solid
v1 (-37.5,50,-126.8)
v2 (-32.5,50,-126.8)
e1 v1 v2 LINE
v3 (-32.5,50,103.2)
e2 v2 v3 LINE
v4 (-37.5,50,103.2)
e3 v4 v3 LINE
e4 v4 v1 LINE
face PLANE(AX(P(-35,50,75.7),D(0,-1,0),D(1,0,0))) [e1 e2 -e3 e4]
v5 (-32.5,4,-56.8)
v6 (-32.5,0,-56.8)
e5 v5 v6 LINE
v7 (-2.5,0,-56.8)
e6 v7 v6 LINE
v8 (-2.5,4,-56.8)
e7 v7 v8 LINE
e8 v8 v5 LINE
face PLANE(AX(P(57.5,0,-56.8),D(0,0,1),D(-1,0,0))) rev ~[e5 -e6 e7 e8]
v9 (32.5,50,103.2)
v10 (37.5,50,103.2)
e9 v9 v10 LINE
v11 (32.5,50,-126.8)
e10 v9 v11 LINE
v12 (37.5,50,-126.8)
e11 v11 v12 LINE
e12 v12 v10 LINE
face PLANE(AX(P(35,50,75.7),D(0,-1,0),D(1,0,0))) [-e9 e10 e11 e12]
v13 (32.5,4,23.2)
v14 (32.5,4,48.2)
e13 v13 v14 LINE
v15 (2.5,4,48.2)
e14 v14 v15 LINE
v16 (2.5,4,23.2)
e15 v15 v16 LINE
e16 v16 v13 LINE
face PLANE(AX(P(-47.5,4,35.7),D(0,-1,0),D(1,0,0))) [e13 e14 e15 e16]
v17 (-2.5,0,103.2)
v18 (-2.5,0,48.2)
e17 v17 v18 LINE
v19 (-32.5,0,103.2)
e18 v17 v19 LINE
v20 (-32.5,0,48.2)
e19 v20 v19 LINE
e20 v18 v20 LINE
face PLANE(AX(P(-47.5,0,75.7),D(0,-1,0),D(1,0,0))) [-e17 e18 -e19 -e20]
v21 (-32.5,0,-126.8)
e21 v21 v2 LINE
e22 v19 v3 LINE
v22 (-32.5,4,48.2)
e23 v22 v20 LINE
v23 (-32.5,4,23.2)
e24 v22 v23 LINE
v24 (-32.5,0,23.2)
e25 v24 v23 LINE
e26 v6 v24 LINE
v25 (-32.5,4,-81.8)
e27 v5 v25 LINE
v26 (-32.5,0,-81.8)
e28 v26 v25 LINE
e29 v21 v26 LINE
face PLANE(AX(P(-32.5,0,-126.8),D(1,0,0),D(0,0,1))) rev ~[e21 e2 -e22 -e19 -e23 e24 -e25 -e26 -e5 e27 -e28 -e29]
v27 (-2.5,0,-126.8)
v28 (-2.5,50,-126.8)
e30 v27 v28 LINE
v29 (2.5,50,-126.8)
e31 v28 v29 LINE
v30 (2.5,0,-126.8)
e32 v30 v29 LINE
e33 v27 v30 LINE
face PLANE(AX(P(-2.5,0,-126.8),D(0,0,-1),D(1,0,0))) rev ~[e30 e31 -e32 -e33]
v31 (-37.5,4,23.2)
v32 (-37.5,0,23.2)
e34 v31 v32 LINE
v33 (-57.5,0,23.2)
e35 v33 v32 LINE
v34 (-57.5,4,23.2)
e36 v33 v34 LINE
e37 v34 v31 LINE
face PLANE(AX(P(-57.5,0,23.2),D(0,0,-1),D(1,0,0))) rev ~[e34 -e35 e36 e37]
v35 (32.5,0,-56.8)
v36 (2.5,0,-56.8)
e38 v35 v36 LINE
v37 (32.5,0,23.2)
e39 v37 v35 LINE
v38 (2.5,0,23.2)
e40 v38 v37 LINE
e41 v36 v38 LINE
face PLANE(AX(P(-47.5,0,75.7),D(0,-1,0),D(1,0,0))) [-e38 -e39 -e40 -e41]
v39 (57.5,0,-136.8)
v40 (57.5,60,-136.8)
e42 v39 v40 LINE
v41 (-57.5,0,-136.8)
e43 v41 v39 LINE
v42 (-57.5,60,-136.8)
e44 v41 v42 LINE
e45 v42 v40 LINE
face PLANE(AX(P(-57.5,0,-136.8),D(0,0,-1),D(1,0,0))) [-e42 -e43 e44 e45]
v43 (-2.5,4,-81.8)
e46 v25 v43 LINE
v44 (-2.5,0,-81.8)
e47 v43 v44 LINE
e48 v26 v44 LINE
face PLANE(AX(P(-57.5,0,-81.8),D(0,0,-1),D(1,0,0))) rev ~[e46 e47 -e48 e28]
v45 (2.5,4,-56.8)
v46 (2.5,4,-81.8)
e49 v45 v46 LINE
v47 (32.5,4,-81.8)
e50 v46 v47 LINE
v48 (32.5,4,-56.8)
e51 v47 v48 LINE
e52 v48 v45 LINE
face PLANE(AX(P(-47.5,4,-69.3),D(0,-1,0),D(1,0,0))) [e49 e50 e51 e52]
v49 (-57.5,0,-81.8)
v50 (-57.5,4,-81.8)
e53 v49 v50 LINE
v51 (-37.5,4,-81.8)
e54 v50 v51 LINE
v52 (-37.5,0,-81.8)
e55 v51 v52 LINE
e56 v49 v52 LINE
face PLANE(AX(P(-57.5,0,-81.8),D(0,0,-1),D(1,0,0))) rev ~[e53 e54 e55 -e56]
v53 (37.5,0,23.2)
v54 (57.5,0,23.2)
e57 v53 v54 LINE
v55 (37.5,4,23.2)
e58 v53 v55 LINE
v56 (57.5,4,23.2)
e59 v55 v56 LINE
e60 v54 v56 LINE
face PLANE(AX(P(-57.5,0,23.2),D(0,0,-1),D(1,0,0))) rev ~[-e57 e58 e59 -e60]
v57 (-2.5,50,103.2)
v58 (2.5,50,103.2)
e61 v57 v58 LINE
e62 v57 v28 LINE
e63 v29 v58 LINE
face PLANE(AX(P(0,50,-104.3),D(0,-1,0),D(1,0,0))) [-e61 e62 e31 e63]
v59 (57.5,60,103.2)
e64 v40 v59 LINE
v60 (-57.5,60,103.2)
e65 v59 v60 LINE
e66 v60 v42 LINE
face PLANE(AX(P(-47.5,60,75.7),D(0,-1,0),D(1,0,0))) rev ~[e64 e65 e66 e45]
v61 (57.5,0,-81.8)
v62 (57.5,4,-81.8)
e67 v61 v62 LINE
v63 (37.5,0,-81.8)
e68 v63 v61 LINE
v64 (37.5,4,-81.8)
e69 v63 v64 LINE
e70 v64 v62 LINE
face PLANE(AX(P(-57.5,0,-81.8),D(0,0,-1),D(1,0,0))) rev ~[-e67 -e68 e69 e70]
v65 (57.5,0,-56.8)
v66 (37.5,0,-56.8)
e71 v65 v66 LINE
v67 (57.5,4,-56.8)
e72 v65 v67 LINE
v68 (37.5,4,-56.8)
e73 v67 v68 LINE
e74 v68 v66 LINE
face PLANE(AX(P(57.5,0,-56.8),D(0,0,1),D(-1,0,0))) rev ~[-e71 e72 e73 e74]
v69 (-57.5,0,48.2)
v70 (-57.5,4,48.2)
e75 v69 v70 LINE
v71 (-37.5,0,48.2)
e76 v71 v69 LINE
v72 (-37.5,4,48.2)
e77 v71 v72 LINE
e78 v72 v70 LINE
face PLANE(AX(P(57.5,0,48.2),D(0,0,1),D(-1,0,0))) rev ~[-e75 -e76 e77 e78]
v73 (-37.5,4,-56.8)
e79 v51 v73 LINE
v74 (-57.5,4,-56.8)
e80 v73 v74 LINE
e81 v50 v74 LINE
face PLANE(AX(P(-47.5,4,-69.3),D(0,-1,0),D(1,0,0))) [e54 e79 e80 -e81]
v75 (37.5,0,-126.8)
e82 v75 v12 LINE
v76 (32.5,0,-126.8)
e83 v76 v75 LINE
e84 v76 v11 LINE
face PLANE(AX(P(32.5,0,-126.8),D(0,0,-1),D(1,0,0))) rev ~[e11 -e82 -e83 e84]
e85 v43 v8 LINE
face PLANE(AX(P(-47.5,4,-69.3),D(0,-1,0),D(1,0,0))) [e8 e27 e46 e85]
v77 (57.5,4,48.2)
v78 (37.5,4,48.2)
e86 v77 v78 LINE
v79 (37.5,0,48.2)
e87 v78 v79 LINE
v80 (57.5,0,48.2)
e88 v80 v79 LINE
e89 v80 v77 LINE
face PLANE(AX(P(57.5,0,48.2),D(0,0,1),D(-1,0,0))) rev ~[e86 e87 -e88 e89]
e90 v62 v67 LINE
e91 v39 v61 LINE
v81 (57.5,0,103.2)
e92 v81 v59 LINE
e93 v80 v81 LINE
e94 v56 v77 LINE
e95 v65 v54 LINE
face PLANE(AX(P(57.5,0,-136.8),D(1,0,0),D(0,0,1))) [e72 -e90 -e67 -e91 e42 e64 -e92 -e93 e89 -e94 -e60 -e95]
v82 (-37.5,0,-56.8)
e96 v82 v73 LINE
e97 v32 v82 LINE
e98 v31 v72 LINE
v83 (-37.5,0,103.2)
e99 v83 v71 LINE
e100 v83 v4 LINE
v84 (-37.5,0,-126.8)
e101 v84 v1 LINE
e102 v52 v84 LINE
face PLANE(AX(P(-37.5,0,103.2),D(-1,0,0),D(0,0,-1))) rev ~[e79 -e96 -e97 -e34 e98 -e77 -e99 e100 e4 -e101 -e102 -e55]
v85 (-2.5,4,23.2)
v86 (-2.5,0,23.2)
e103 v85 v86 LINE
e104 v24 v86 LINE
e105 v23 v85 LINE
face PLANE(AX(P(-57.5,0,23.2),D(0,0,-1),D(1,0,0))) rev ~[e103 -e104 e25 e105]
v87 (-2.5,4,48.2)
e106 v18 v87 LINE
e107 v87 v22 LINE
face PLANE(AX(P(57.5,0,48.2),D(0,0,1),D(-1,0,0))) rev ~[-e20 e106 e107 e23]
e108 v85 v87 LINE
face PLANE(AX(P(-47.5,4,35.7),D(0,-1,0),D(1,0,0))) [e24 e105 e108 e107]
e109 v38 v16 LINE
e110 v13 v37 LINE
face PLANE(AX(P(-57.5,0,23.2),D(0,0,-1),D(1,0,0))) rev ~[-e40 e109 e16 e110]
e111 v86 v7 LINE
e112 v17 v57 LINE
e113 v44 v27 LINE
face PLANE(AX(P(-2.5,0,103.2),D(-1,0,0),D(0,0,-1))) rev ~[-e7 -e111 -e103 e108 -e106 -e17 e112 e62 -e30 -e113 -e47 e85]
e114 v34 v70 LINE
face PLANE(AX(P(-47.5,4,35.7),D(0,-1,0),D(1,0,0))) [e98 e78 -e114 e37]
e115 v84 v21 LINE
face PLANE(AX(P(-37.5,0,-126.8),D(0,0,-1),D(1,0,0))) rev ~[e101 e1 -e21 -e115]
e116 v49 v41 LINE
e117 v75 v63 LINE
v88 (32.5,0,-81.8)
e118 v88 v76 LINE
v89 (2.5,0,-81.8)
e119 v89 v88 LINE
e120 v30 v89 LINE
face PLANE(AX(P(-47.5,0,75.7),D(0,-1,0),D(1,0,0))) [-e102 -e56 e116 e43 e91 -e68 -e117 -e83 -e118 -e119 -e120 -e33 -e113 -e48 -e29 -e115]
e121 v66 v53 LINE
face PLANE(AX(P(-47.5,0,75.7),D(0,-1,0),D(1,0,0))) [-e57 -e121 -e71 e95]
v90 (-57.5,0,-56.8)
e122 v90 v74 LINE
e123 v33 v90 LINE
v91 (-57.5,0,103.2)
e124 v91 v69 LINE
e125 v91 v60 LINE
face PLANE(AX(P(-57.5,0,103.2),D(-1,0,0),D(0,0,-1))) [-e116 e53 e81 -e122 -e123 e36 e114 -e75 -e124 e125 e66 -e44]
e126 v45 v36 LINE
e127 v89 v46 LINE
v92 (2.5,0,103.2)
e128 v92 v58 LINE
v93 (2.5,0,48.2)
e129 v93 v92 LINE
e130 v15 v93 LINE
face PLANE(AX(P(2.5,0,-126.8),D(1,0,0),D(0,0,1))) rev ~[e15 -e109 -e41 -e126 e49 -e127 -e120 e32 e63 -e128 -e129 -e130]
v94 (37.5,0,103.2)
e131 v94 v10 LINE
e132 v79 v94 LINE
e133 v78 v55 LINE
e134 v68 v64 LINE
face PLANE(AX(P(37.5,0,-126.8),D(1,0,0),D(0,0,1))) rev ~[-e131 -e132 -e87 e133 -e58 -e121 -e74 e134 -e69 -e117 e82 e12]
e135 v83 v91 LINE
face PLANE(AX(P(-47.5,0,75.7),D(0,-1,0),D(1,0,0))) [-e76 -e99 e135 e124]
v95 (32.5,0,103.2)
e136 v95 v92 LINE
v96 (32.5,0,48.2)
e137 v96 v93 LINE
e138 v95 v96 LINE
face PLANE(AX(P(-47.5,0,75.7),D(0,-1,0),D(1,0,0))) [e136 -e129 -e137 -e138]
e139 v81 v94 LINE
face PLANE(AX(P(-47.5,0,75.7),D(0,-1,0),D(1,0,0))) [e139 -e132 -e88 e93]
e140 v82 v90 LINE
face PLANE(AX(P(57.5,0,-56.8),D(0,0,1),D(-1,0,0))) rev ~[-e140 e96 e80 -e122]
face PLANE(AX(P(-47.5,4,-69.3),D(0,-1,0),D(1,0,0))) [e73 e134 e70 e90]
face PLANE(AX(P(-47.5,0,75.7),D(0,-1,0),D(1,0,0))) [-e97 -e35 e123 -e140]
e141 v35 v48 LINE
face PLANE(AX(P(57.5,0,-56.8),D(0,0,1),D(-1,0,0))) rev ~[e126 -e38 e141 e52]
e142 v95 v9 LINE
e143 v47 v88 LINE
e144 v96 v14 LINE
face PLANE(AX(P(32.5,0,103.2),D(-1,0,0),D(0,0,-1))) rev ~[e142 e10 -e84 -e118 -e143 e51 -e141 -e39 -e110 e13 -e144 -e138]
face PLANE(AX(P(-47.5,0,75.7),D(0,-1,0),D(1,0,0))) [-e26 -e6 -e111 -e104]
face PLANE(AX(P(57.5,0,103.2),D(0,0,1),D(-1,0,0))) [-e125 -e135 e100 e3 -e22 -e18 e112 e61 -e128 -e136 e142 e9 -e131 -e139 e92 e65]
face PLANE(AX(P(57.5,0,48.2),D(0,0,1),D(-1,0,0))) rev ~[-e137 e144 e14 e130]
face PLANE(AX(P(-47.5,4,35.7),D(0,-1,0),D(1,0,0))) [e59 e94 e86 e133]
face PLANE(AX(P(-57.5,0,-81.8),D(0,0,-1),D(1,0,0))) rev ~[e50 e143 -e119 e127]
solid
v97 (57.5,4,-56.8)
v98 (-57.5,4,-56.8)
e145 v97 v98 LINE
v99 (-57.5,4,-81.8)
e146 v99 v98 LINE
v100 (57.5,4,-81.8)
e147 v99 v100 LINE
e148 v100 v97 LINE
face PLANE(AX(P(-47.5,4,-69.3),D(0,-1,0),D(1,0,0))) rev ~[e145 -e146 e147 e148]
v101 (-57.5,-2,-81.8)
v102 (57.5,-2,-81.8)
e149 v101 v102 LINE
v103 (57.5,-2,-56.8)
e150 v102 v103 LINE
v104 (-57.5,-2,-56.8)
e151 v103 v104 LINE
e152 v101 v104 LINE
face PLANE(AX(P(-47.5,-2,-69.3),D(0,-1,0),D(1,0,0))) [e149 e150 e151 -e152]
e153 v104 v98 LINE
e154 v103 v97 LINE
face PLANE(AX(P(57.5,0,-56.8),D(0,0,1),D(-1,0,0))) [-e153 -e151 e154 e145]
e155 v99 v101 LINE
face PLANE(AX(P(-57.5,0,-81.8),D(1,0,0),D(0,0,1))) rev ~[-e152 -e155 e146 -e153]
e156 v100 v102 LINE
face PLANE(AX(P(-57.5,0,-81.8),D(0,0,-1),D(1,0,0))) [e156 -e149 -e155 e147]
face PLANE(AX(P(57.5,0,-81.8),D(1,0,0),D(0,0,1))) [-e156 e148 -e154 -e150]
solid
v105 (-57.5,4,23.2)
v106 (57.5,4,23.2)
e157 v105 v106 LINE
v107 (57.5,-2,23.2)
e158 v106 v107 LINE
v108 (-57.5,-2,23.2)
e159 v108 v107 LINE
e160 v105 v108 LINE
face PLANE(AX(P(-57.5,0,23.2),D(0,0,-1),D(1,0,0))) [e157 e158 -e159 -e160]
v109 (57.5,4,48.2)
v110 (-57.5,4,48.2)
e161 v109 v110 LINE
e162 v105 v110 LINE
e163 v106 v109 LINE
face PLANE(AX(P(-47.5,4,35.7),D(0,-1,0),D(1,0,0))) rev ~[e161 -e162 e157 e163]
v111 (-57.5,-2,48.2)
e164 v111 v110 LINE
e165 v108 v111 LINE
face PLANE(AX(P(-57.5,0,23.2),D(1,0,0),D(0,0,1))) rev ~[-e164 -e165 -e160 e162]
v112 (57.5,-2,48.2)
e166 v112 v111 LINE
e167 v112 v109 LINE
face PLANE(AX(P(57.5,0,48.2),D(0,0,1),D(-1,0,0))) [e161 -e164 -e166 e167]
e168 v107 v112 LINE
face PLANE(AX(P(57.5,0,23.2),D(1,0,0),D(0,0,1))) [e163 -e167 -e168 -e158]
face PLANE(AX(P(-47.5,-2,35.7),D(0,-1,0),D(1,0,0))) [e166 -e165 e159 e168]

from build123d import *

# Parameters (mm, degrees)
F0_W          = 20
F0_H          = 55
F0_W_2        = 5
F0_H_2        = 25
F0_W_3        = 30
F0_H_3        = 80
F0_H_4        = 45
F0_H_5        = 10
F1_DEPTH      = 60
F2_DEPTH      = 50
F3_DEPTH      = 4
F4_DEPTH      = 2
F4_DEPTH_BACK = 4
F5_DEPTH      = 2
F5_DEPTH_BACK = 4


with BuildPart() as f1:
    # F0 (on Front) → F1 (new body)
    with BuildSketch(Plane.XZ):
        with Locations((-47.5, 75.7)):
            Rectangle(F0_W, F0_H)
        with Locations((-35, 75.7)):
            Rectangle(F0_W_2, F0_H)
        with Locations((-47.5, 35.7)):
            Rectangle(F0_W, F0_H_2)
        with Locations((-17.5, 75.7)):
            Rectangle(F0_W_3, F0_H)
        with Locations((-47.5, -16.8)):
            Rectangle(F0_W, F0_H_3)
        with Locations((0, 75.7)):
            Rectangle(F0_W_2, F0_H)
        with Locations((-47.5, -69.3)):
            Rectangle(F0_W, F0_H_2)
        with Locations((17.5, 75.7)):
            Rectangle(F0_W_3, F0_H)
        with Locations((-47.5, -104.3)):
            Rectangle(F0_W, F0_H_4)
        with Locations((35, 75.7)):
            Rectangle(F0_W_2, F0_H)
        with Locations((-47.5, -131.8)):
            Rectangle(F0_W, F0_H_5)
        with Locations((47.5, 75.7)):
            Rectangle(F0_W, F0_H)
        Polygon((-32.5, -126.8), (-37.5, -126.8), (-37.5, -136.8), (37.5, -136.8), (37.5, -126.8), (32.5, -126.8), (2.5, -126.8), (-2.5, -126.8), align=None)
        with Locations((47.5, 35.7)):
            Rectangle(F0_W, F0_H_2)
        with Locations((47.5, -16.8)):
            Rectangle(F0_W, F0_H_3)
        with Locations((47.5, -131.8)):
            Rectangle(F0_W, F0_H_5)
        with Locations((47.5, -69.3)):
            Rectangle(F0_W, F0_H_2)
        with Locations((47.5, -104.3)):
            Rectangle(F0_W, F0_H_4)
        with Locations((-35, -104.3)):
            Rectangle(F0_W_2, F0_H_4)
        with Locations((-17.5, -104.3)):
            Rectangle(F0_W_3, F0_H_4)
        with Locations((-17.5, -16.8)):
            Rectangle(F0_W_3, F0_H_3)
        with Locations((-17.5, 35.7)):
            Rectangle(F0_W_3, F0_H_2)
        with Locations((-17.5, -69.3)):
            Rectangle(F0_W_3, F0_H_2)
        with Locations((-35, -69.3)):
            Rectangle(F0_W_2, F0_H_2)
        with Locations((-35, -16.8)):
            Rectangle(F0_W_2, F0_H_3)
        with Locations((-35, 35.7)):
            Rectangle(F0_W_2, F0_H_2)
        with Locations((0, 35.7)):
            Rectangle(F0_W_2, F0_H_2)
        with Locations((17.5, 35.7)):
            Rectangle(F0_W_3, F0_H_2)
        with Locations((35, 35.7)):
            Rectangle(F0_W_2, F0_H_2)
        with Locations((35, -16.8)):
            Rectangle(F0_W_2, F0_H_3)
        with Locations((17.5, -16.8)):
            Rectangle(F0_W_3, F0_H_3)
        with Locations((0, -16.8)):
            Rectangle(F0_W_2, F0_H_3)
        with Locations((0, -69.3)):
            Rectangle(F0_W_2, F0_H_2)
        with Locations((0, -104.3)):
            Rectangle(F0_W_2, F0_H_4)
        with Locations((17.5, -104.3)):
            Rectangle(F0_W_3, F0_H_4)
        with Locations((35, -104.3)):
            Rectangle(F0_W_2, F0_H_4)
        with Locations((35, -69.3)):
            Rectangle(F0_W_2, F0_H_2)
        with Locations((17.5, -69.3)):
            Rectangle(F0_W_3, F0_H_2)
    extrude(amount=-F1_DEPTH)

    # F0 (on Front) → F2 (cut)
    with BuildSketch(Plane.XZ):
        with Locations((-35, 75.7)):
            Rectangle(F0_W_2, F0_H)
        with Locations((-35, 35.7)):
            Rectangle(F0_W_2, F0_H_2)
        with Locations((-35, -16.8)):
            Rectangle(F0_W_2, F0_H_3)
        with Locations((-35, -69.3)):
            Rectangle(F0_W_2, F0_H_2)
        with Locations((-35, -104.3)):
            Rectangle(F0_W_2, F0_H_4)
        with Locations((0, -104.3)):
            Rectangle(F0_W_2, F0_H_4)
        with Locations((0, -69.3)):
            Rectangle(F0_W_2, F0_H_2)
        with Locations((0, -16.8)):
            Rectangle(F0_W_2, F0_H_3)
        with Locations((0, 35.7)):
            Rectangle(F0_W_2, F0_H_2)
        with Locations((0, 75.7)):
            Rectangle(F0_W_2, F0_H)
        with Locations((35, 75.7)):
            Rectangle(F0_W_2, F0_H)
        with Locations((35, 35.7)):
            Rectangle(F0_W_2, F0_H_2)
        with Locations((35, -16.8)):
            Rectangle(F0_W_2, F0_H_3)
        with Locations((35, -104.3)):
            Rectangle(F0_W_2, F0_H_4)
        with Locations((35, -69.3)):
            Rectangle(F0_W_2, F0_H_2)
    extrude(amount=-F2_DEPTH, mode=Mode.SUBTRACT)

    # F0 (on Front) → F3 (cut)
    with BuildSketch(Plane.XZ):
        with Locations((-47.5, 35.7)):
            Rectangle(F0_W, F0_H_2)
        with Locations((-35, 35.7)):
            Rectangle(F0_W_2, F0_H_2)
        with Locations((-17.5, 35.7)):
            Rectangle(F0_W_3, F0_H_2)
        with Locations((0, 35.7)):
            Rectangle(F0_W_2, F0_H_2)
        with Locations((17.5, 35.7)):
            Rectangle(F0_W_3, F0_H_2)
        with Locations((35, 35.7)):
            Rectangle(F0_W_2, F0_H_2)
        with Locations((47.5, 35.7)):
            Rectangle(F0_W, F0_H_2)
        with Locations((-47.5, -69.3)):
            Rectangle(F0_W, F0_H_2)
        with Locations((-35, -69.3)):
            Rectangle(F0_W_2, F0_H_2)
        with Locations((-17.5, -69.3)):
            Rectangle(F0_W_3, F0_H_2)
        with Locations((0, -69.3)):
            Rectangle(F0_W_2, F0_H_2)
        with Locations((35, -69.3)):
            Rectangle(F0_W_2, F0_H_2)
        with Locations((47.5, -69.3)):
            Rectangle(F0_W, F0_H_2)
        with Locations((17.5, -69.3)):
            Rectangle(F0_W_3, F0_H_2)
    extrude(amount=-F3_DEPTH, mode=Mode.SUBTRACT)


with BuildPart() as f4:
    # F0 (on Front) → F4 (new body, two sides)
    with BuildSketch(Plane.XZ) as f4_sk:
        with Locations((-47.5, 35.7)):
            Rectangle(F0_W, F0_H_2)
        with Locations((-35, 35.7)):
            Rectangle(F0_W_2, F0_H_2)
        with Locations((0, 35.7)):
            Rectangle(F0_W_2, F0_H_2)
        with Locations((17.5, 35.7)):
            Rectangle(F0_W_3, F0_H_2)
        with Locations((47.5, 35.7)):
            Rectangle(F0_W, F0_H_2)
        with Locations((-17.5, 35.7)):
            Rectangle(F0_W_3, F0_H_2)
        with Locations((35, 35.7)):
            Rectangle(F0_W_2, F0_H_2)
    extrude(amount=F4_DEPTH)
    extrude(f4_sk.sketch, amount=-F4_DEPTH_BACK)


with BuildPart() as f5:
    # F0 (on Front) → F5 (new body, two sides)
    with BuildSketch(Plane.XZ) as f5_sk:
        with Locations((-47.5, -69.3)):
            Rectangle(F0_W, F0_H_2)
        with Locations((-35, -69.3)):
            Rectangle(F0_W_2, F0_H_2)
        with Locations((-17.5, -69.3)):
            Rectangle(F0_W_3, F0_H_2)
        with Locations((0, -69.3)):
            Rectangle(F0_W_2, F0_H_2)
        with Locations((17.5, -69.3)):
            Rectangle(F0_W_3, F0_H_2)
        with Locations((35, -69.3)):
            Rectangle(F0_W_2, F0_H_2)
        with Locations((47.5, -69.3)):
            Rectangle(F0_W, F0_H_2)
    extrude(amount=F5_DEPTH)
    extrude(f5_sk.sketch, amount=-F5_DEPTH_BACK)


solid = Compound([f1.part, f4.part, f5.part])
